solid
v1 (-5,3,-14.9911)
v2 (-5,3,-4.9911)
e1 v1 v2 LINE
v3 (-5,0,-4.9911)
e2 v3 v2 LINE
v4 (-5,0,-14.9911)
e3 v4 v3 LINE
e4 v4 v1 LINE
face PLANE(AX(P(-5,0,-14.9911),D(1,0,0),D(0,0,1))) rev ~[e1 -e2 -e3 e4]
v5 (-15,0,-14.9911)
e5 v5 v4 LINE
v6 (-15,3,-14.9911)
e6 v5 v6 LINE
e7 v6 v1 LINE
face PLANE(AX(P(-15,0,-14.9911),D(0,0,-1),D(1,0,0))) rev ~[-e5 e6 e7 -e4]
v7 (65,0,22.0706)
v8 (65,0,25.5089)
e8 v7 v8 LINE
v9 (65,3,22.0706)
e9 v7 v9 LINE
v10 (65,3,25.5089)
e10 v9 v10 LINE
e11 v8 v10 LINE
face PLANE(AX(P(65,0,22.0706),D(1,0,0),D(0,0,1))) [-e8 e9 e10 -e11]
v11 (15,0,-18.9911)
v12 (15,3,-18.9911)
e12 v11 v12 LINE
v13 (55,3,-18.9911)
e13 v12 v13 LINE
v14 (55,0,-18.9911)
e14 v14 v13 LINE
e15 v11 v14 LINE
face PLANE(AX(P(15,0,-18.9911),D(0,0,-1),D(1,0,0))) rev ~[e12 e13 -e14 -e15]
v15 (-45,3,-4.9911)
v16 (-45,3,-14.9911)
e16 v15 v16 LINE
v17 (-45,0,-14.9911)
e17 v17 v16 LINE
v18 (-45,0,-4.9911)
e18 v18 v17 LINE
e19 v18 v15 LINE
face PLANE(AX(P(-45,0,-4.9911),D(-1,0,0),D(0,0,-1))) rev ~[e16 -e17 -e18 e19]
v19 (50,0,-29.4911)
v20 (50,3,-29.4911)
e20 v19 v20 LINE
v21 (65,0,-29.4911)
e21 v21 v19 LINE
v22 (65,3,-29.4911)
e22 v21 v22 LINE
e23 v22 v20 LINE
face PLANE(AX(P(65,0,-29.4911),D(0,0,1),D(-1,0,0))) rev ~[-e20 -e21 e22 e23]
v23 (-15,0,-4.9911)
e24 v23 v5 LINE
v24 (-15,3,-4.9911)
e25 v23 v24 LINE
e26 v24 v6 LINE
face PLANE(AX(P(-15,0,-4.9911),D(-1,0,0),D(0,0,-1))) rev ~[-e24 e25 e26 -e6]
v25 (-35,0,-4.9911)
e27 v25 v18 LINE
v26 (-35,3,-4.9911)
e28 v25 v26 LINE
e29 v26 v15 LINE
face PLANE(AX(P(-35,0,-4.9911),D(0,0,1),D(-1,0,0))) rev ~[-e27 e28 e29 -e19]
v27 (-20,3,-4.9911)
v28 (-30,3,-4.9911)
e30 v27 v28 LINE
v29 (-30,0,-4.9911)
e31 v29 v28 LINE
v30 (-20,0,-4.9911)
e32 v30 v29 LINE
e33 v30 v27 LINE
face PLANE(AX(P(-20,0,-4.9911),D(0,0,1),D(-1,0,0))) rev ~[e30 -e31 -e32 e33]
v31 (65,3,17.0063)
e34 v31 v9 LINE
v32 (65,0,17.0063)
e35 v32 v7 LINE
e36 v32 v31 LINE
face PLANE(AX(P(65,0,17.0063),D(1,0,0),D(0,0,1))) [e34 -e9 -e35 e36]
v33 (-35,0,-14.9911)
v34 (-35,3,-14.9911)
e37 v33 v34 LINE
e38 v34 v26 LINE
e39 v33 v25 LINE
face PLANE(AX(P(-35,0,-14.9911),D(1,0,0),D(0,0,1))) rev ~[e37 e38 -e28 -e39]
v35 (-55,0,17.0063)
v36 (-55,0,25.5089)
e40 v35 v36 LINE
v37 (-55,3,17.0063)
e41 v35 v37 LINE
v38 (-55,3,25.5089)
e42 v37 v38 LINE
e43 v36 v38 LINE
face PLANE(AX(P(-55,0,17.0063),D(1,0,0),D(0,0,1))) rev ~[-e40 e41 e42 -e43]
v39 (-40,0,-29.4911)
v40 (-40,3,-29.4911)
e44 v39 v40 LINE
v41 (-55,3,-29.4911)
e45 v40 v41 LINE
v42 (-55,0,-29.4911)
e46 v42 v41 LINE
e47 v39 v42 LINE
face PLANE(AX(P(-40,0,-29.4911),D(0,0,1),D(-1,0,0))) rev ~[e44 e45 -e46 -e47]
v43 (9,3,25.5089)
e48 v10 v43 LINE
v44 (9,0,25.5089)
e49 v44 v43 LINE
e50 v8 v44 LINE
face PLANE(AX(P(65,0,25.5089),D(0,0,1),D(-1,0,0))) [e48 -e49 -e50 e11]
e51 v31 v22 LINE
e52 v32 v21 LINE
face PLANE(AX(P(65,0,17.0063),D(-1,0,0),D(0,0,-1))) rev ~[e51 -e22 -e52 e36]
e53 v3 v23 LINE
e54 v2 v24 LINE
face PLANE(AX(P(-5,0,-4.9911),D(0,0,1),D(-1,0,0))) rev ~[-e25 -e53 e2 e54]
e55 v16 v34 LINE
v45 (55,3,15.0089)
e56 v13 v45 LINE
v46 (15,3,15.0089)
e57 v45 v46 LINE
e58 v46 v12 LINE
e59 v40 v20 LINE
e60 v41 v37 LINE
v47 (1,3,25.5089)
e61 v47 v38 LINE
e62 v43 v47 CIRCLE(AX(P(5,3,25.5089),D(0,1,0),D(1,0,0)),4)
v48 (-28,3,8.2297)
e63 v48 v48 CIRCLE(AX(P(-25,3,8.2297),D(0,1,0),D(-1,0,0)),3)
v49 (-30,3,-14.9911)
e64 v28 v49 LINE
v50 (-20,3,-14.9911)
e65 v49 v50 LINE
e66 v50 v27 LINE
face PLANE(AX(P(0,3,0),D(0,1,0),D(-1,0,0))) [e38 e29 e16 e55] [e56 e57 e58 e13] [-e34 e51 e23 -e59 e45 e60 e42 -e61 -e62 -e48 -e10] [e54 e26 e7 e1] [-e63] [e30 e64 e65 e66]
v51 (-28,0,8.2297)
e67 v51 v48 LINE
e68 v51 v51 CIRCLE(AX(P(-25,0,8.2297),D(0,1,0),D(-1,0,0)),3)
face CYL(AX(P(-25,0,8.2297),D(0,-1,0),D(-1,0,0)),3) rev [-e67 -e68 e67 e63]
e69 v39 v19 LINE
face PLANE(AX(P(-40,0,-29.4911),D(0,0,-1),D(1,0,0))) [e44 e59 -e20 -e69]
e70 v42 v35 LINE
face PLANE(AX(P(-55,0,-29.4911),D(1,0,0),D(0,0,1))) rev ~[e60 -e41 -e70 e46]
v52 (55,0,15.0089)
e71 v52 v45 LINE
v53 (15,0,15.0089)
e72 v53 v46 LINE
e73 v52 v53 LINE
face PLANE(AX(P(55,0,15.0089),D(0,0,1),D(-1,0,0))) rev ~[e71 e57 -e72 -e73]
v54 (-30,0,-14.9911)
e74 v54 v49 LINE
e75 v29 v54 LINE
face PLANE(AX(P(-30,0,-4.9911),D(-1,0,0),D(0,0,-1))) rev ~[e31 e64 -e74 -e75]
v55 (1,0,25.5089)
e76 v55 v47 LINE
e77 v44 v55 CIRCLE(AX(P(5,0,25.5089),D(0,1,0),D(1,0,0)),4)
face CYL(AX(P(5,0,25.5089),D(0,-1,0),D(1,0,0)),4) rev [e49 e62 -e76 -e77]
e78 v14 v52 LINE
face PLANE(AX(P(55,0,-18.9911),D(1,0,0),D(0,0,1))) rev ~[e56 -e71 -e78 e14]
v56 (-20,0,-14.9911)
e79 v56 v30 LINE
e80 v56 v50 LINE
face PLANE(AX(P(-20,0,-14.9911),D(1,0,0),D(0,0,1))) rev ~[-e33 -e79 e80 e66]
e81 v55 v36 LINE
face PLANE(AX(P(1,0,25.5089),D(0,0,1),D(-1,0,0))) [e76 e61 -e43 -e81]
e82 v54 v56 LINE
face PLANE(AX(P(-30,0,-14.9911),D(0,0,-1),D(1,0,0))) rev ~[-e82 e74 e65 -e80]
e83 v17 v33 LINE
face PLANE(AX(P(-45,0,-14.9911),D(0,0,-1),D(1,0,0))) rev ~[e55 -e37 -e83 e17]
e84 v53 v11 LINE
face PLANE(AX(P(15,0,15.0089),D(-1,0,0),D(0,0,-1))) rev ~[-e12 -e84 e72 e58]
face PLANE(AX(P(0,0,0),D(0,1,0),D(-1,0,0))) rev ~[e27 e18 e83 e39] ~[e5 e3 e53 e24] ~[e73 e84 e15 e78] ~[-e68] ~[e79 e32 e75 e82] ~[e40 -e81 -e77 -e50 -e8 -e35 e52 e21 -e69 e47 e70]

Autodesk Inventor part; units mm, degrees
ref_plane "YZ Plane" through (0, 0, 0) normal (1, 0, 0) x (0, 1, 0)
ref_plane "XZ Plane" through (0, 0, 0) normal (0, 1, 0) x (-1, 0, 0)
ref_plane "XY Plane" through (0, 0, 0) normal (0, 0, 1) x (1, 0, 0)
sketch "Sketch1" plane through (0, 0, 0) normal (0, 1, 0) x (-1, 0, 0)
  line L0 (5, -4.9911) -> (15, -4.9911)
  line L1 (15, -4.9911) -> (15, -14.9911)
  line L2 (15, -14.9911) -> (5, -14.9911)
  line L3 (5, -14.9911) -> (5, -4.9911)
  line L4 (5, -4.9911) -> (15, -14.9911) construction
  line L5 (15, -4.9911) -> (5, -14.9911) construction
  line L6 (20, -4.9911) -> (30, -4.9911)
  line L7 (30, -4.9911) -> (30, -14.9911)
  line L8 (30, -14.9911) -> (20, -14.9911)
  line L9 (20, -14.9911) -> (20, -4.9911)
  line L10 (20, -4.9911) -> (30, -14.9911) construction
  line L11 (30, -4.9911) -> (20, -14.9911) construction
  line L12 (35, -4.9911) -> (45, -4.9911)
  line L13 (45, -4.9911) -> (45, -14.9911)
  line L14 (45, -14.9911) -> (35, -14.9911)
  line L15 (35, -14.9911) -> (35, -4.9911)
  line L16 (35, -4.9911) -> (45, -14.9911) construction
  line L17 (45, -4.9911) -> (35, -14.9911) construction
  circle A0 centre (25, 8.2297) radius 3
  line L18 (-55, 15.0089) -> (-15, 15.0089)
  line L19 (-15, 15.0089) -> (-15, -18.9911)
  line L20 (-15, -18.9911) -> (-55, -18.9911)
  line L21 (-55, -18.9911) -> (-55, 15.0089)
  line L22 (-58, -24.9656) -> (-58, -25)
  line L23 (58, -29.4911) -> (58, 25.5089)
  line L24 (-68, 25.5089) -> (-68, -29.4911)
  line L25 (-68, 22.0706) -> (-55, 22.0706)
  line L26 (-68, 25.5089) -> (58, 25.5089)
  line L27 (58, 17.0063) -> (45, 17.0063)
  line L28 (-68, -29.4911) -> (-50, -29.4911)
  line L29 (-50, -29.4911) -> (-50, -32.4911)
  line L30 (-50, -32.4911) -> (40, -32.4911)
  line L31 (40, -32.4911) -> (40, -29.4911)
  line L32 (40, -29.4911) -> (58, -29.4911)
  line L33 (-68, 22.0706) -> (-65, 22.0706)
  line L34 (-65, 17.0063) -> (-65, -29.4911)
  line L35 (58, -29.4911) -> (55, -29.4911)
  line L36 (55, -29.4911) -> (55, 25.5089)
  line L37 (-65, 17.0063) -> (-65, 25.5089)
  line L38 (40, -29.4911) -> (-50, -29.4911)
  arc A1 (-9, 25.5089) -> (-1, 25.5089) centre (-5, 25.5089) ccw
  point P0 (0, 0)
  point P1 (10, -9.9911)
  point P2 (25, -9.9911)
  point P3 (40, -9.9911)
  point P4 (-23.3045, 0)
  point P5 (-35, -18.9911)
  point P6 (-35, -20.979)
  point P7 (-55, -25)
  point P8 (-58, -29.4911)
  point P9 (25, -4.9911)
  point P10 (10, -9.9911)
  point P11 (25, -9.9911)
  point P12 (25, -9.9911)
  point P13 (40, -9.9911)
  dimension "d11" = 10
  dimension "d12" = 10
  dimension "d13" = 10
  dimension "d14" = 10
  dimension "d15" = 10
  dimension "d16" = 10
  dimension "d17" = 5
  dimension "d18" = 5
  dimension "d20" = 6
  dimension "d21" = 40
  dimension "d22" = 34
  dimension "d81" = 126
  dimension "d83" = 13
  dimension "d84" = 18
  dimension "d85" = 90
  dimension "d87" = 3
  dimension "d88" = 13
  dimension "d90" = 4
  dimension "d91" = 10.5
  dimension "d93" = 55
  dimension "d94" = 10.5
  dimension "d95" = 14.5
  dimension "d98" = 18.2208
extrude "Extrusion1" add sketch "Sketch1" along normal blind 3 contours L32 L38 L28 L34 L37 L26 A1 L36
properties part number "Circuit Cover"
